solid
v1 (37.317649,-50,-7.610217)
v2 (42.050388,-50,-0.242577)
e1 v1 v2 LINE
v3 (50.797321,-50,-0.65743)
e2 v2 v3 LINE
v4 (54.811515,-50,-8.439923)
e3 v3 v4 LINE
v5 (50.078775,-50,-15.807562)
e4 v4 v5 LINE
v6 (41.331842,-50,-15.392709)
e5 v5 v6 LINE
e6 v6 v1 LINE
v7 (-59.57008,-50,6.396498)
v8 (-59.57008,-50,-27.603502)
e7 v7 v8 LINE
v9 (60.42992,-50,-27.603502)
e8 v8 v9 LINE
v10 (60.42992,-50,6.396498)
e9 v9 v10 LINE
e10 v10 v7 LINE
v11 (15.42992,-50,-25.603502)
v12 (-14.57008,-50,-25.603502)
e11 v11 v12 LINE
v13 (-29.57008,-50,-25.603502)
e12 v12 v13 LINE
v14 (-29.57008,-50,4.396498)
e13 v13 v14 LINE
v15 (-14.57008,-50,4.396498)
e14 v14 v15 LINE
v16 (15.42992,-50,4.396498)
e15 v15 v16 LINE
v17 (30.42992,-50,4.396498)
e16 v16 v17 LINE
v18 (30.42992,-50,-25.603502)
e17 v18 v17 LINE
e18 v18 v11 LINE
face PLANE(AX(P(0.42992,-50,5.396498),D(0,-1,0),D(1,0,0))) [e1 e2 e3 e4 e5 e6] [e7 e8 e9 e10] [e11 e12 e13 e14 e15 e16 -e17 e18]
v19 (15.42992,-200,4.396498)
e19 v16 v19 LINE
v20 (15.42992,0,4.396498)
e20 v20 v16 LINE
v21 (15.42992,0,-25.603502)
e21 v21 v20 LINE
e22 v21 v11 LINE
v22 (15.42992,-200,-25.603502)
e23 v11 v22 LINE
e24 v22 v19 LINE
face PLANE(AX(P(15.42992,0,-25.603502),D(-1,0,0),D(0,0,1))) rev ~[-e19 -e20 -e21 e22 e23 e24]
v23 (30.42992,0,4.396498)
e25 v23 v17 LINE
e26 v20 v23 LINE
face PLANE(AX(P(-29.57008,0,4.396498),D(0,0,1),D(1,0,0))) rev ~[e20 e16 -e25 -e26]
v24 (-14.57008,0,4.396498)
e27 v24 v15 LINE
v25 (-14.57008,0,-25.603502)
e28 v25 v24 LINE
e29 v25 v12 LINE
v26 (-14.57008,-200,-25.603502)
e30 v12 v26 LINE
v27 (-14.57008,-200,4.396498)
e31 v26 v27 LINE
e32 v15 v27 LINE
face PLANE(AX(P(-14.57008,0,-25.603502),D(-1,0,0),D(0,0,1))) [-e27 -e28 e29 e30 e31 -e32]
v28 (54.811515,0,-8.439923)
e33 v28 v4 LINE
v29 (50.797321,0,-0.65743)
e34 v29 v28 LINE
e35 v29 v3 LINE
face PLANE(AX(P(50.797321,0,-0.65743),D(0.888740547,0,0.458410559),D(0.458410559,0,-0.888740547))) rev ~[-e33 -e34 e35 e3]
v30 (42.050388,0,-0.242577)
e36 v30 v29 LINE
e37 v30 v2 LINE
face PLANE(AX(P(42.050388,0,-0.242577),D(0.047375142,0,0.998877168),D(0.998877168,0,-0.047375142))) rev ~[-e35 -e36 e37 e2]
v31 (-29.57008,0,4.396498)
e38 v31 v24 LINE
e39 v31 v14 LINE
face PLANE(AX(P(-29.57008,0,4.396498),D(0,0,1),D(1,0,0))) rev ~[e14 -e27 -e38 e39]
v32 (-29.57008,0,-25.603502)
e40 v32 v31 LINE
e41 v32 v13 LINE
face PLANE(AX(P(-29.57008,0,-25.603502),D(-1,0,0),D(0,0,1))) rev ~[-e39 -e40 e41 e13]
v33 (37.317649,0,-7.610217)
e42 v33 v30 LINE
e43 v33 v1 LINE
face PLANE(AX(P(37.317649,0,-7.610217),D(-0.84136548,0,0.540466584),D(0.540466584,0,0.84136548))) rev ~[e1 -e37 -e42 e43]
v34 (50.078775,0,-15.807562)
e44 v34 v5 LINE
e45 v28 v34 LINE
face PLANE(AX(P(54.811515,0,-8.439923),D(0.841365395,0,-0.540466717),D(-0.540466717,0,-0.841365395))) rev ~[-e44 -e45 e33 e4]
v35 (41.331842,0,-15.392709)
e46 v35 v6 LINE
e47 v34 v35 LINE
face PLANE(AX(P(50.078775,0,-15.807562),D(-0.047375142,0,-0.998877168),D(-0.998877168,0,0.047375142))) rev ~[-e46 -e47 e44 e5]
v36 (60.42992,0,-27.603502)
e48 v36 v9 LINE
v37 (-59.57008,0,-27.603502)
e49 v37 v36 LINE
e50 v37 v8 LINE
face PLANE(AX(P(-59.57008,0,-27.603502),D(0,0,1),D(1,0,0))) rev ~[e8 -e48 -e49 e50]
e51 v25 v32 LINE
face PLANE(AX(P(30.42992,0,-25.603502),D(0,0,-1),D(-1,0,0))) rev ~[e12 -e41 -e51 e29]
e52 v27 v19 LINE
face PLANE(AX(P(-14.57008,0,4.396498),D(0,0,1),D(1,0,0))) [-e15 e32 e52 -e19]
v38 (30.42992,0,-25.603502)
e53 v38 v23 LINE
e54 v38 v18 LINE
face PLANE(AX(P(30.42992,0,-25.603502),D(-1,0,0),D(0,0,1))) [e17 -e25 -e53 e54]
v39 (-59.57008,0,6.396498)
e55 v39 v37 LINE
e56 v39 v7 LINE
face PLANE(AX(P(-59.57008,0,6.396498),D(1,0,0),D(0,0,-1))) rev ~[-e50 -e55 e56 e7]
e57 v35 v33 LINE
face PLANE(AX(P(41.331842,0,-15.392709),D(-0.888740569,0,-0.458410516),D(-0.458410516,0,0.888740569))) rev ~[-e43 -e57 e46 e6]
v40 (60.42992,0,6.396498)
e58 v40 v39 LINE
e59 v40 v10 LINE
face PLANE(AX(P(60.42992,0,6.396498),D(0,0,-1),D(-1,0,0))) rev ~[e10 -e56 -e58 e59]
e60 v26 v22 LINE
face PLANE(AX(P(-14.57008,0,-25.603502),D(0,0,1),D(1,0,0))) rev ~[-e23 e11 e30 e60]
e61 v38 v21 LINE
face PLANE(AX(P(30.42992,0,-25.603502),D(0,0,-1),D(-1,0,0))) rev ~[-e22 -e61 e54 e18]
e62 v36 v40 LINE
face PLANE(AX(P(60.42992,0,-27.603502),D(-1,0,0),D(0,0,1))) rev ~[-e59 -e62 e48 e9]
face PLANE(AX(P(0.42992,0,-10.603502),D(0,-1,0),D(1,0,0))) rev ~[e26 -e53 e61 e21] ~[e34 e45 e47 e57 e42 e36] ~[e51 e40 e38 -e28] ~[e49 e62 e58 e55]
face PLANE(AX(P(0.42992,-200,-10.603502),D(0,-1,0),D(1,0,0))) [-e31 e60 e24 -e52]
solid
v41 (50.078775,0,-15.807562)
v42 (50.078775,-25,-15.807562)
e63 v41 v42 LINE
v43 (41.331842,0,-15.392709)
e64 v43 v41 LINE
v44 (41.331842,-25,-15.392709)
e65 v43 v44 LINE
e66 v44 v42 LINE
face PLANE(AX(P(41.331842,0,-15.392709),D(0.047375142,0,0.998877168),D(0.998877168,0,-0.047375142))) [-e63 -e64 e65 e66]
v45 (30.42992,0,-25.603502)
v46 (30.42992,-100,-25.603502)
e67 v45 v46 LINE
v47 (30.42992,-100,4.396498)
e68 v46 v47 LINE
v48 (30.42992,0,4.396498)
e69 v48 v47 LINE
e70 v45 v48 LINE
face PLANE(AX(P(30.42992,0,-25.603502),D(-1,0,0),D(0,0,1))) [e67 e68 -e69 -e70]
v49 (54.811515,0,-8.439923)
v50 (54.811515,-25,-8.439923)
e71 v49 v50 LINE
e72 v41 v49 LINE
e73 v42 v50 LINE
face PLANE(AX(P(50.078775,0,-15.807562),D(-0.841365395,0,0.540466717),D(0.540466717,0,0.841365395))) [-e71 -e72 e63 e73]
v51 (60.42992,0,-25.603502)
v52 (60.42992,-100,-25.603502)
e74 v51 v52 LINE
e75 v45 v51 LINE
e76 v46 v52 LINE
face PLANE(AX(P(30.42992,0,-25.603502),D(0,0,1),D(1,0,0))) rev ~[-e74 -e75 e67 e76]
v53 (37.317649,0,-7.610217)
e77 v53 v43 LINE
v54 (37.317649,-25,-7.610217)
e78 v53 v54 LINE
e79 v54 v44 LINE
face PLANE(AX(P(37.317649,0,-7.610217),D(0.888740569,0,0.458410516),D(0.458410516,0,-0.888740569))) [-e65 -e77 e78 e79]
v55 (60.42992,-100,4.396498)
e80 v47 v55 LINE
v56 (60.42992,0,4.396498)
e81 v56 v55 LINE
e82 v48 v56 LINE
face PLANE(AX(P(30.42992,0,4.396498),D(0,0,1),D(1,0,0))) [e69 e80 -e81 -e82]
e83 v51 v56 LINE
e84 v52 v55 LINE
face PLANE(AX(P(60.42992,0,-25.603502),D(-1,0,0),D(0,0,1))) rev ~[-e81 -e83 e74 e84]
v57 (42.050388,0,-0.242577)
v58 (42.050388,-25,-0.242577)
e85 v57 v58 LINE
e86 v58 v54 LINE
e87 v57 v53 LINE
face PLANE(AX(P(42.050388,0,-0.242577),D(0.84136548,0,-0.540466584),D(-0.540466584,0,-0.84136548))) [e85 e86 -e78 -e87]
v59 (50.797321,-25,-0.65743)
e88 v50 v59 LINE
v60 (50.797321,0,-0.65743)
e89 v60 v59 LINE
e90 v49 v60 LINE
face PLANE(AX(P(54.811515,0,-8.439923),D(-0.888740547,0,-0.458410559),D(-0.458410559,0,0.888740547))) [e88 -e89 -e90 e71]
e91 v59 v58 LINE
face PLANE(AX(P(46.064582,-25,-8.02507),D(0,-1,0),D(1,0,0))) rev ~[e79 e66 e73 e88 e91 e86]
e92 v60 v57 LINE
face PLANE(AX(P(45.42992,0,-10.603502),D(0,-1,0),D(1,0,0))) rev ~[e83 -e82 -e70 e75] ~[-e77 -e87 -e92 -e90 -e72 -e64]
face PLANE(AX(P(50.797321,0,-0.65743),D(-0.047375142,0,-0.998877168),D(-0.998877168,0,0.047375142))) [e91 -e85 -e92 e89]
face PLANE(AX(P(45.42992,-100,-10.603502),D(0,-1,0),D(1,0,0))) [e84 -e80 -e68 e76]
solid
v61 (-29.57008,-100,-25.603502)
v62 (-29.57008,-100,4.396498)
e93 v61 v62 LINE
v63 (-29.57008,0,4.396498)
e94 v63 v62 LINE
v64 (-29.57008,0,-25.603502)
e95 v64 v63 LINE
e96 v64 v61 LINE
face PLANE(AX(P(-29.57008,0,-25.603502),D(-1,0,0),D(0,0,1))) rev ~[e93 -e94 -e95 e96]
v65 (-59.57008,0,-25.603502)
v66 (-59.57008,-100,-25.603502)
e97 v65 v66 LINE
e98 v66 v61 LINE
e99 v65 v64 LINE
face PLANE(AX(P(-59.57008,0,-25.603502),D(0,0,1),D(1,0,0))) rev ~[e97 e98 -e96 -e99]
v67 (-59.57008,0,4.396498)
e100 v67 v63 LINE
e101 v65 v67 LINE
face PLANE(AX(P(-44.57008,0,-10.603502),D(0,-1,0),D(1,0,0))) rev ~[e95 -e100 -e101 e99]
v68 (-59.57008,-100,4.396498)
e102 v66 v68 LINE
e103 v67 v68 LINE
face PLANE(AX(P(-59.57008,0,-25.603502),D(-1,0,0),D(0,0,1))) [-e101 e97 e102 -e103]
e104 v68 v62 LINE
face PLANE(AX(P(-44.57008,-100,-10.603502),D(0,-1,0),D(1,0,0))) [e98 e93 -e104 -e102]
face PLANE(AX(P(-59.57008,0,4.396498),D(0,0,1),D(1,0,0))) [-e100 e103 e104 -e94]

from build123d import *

# Parameters (mm, degrees)
F0_W     = 30
F0_H     = 30
F1_DEPTH = 50
F2_DEPTH = 200
F3_DEPTH = 100
F4_DEPTH = 25


with BuildPart() as f1:
    # F0 (on Front) → F1 (new body)
    with BuildSketch(Plane.XZ):
        Polygon((-59.57008, 6.396498), (-59.57008, 4.396498), (-29.57008, 4.396498), (-14.57008, 4.396498), (15.42992, 4.396498), (30.42992, 4.396498), (60.42992, 4.396498), (60.42992, 6.396498), align=None)
        with Locations((-44.57008, -10.603502)):
            Rectangle(F0_W, F0_H)
        Polygon((-29.57008, -25.603502), (-59.57008, -25.603502), (-59.57008, -27.603502), (60.42992, -27.603502), (60.42992, -25.603502), (30.42992, -25.603502), (15.42992, -25.603502), (-14.57008, -25.603502), align=None)
        with Locations((45.42992, -10.603502)):
            Rectangle(F0_W, F0_H)
        Polygon((50.078775, -15.807562), (41.331842, -15.392709), (37.317649, -7.610217), (42.050388, -0.242577), (50.797321, -0.65743), (54.811515, -8.439923), align=None, mode=Mode.SUBTRACT)
    extrude(amount=F1_DEPTH)

    # F0 (on Front) → F2 (join)
    with BuildSketch(Plane.XZ):
        with Locations((0.42992, -10.603502)):
            Rectangle(F0_W, F0_H)
    extrude(amount=F2_DEPTH)


with BuildPart() as f3:
    # F0 (on Front) → F3 (new body)
    with BuildSketch(Plane.XZ):
        with Locations((45.42992, -10.603502)):
            Rectangle(F0_W, F0_H)
        Polygon((50.078775, -15.807562), (41.331842, -15.392709), (37.317649, -7.610217), (42.050388, -0.242577), (50.797321, -0.65743), (54.811515, -8.439923), align=None, mode=Mode.SUBTRACT)
        Polygon((37.317649, -7.610217), (41.331842, -15.392709), (50.078775, -15.807562), (54.811515, -8.439923), (50.797321, -0.65743), (42.050388, -0.242577), align=None)
        with Locations((-44.57008, -10.603502)):
            Rectangle(F0_W, F0_H)
    extrude(amount=F3_DEPTH)

    # F0 (on Front) → F4 (cut)
    with BuildSketch(Plane.XZ):
        Polygon((37.317649, -7.610217), (41.331842, -15.392709), (50.078775, -15.807562), (54.811515, -8.439923), (50.797321, -0.65743), (42.050388, -0.242577), align=None)
    extrude(amount=F4_DEPTH, mode=Mode.SUBTRACT)


solid = Compound([f1.part, f3.part])
